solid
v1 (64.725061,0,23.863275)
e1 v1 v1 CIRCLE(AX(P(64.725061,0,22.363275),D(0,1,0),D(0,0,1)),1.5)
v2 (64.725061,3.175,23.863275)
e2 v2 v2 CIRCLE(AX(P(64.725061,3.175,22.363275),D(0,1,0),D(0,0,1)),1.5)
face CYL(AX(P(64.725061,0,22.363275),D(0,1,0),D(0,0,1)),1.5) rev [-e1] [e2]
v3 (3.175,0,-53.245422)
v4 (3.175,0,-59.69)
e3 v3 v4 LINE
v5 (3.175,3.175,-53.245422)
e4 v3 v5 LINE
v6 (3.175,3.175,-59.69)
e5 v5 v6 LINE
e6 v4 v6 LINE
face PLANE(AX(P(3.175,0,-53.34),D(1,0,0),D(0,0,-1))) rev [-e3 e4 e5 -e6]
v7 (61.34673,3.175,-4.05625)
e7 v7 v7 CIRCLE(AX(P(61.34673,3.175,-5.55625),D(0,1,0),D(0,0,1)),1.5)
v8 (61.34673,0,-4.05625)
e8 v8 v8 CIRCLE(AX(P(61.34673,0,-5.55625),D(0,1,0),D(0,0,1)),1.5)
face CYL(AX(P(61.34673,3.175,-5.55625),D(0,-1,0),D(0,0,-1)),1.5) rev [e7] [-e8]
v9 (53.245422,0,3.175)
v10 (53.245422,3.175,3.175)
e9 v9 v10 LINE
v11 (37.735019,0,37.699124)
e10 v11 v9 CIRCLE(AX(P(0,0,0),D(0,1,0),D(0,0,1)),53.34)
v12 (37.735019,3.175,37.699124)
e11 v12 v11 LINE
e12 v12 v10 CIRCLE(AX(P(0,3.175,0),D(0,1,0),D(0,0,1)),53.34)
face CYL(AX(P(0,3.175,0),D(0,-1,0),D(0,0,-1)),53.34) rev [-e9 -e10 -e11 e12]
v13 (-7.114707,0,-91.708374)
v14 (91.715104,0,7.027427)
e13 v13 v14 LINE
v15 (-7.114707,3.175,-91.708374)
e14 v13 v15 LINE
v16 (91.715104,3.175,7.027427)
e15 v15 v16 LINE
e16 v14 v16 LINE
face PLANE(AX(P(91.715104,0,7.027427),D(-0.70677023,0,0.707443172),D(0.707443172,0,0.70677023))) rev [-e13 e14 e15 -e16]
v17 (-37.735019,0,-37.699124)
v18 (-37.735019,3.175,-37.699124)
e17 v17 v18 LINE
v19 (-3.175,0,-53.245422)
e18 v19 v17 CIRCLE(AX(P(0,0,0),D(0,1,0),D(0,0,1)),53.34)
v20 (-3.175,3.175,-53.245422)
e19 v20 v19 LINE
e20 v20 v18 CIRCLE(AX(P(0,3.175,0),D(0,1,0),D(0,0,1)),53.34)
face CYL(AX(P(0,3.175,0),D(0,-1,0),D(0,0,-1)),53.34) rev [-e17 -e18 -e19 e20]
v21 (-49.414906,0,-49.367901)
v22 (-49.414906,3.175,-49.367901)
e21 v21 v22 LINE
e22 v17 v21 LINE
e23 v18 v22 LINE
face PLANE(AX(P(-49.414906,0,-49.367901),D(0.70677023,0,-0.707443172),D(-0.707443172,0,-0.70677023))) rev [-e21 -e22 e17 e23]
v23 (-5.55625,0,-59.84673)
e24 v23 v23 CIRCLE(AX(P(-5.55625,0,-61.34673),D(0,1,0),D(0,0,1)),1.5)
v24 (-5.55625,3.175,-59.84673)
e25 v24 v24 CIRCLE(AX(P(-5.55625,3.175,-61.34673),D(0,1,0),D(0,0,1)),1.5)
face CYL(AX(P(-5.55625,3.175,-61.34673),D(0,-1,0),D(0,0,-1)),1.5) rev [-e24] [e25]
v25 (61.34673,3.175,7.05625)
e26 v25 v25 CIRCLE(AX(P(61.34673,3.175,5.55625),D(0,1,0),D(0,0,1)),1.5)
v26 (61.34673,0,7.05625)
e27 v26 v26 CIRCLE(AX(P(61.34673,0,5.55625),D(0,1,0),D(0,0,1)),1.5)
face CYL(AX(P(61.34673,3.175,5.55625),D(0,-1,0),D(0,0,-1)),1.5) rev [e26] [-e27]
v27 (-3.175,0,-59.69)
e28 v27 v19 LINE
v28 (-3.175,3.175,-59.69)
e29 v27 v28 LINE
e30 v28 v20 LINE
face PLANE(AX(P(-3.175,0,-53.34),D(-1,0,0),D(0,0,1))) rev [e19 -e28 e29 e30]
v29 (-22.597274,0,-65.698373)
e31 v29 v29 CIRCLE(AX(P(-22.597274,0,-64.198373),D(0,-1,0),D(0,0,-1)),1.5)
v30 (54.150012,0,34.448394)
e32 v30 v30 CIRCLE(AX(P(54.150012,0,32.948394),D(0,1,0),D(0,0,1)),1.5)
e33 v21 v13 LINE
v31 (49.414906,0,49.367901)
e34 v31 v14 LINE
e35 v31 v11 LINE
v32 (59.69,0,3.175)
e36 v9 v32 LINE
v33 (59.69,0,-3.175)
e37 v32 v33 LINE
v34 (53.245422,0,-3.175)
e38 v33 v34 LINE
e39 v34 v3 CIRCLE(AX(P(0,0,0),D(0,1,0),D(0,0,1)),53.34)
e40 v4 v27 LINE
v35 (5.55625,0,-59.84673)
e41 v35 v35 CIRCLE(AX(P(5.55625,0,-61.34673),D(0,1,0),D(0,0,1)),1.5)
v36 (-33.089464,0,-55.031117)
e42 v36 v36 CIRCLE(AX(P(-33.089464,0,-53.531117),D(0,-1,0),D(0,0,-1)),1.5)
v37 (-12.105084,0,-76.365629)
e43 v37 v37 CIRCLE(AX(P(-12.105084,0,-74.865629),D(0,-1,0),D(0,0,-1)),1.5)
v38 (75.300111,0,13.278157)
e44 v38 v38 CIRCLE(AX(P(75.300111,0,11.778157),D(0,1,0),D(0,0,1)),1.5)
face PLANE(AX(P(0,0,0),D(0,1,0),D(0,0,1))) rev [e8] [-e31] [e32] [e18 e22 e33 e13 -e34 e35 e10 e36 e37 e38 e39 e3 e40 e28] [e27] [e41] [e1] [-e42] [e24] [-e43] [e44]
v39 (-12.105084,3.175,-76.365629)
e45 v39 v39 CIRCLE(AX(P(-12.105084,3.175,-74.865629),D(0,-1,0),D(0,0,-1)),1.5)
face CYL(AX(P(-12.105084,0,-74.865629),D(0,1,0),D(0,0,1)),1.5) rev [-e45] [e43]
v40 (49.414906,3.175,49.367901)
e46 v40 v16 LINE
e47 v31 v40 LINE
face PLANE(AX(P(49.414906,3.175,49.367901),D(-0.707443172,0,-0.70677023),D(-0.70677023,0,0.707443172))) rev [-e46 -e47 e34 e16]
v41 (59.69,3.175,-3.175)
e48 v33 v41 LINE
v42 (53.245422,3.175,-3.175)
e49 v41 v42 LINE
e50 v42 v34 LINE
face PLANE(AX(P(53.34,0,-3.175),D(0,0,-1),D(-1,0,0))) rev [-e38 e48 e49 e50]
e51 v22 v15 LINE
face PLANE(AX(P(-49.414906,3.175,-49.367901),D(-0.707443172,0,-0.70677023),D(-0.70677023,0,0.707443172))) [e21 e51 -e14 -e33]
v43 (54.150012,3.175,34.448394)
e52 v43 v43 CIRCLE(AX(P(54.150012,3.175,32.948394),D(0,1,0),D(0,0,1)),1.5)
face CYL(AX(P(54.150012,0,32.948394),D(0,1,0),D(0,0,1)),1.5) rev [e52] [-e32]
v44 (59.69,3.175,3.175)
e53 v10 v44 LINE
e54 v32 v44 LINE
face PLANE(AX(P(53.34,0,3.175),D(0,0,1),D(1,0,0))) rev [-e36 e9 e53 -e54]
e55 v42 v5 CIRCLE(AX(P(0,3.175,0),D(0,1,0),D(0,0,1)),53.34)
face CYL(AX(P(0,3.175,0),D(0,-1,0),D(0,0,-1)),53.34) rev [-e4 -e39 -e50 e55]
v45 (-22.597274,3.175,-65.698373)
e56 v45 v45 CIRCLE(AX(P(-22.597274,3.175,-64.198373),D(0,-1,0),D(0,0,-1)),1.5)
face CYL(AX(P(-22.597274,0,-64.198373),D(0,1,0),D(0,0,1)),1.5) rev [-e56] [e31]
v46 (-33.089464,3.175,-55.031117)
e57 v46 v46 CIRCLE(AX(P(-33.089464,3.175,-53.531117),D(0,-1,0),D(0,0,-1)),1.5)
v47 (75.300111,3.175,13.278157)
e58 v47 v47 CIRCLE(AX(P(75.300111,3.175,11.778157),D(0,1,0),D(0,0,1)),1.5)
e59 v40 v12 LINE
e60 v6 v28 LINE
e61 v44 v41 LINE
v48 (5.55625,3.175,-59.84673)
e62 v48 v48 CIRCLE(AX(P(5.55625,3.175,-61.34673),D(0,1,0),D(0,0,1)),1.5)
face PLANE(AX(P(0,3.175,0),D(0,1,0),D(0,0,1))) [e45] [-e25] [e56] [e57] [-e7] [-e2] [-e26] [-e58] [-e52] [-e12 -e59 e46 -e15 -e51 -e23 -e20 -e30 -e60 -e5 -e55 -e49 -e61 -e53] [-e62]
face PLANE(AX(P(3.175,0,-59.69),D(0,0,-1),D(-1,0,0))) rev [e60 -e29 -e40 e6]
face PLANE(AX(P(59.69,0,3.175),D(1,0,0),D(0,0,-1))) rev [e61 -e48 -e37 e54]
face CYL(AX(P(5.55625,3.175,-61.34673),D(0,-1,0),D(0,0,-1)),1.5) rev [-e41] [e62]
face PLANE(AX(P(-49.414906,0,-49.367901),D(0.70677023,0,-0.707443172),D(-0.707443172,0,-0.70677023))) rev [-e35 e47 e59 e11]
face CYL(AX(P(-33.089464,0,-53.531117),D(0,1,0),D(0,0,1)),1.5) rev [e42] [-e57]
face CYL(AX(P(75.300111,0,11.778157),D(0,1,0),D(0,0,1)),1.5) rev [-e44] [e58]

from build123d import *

# Parameters (mm, degrees)
SKETCH1_R           = 1.5
SKETCH1_R_2         = 53.34
BOSS_EXTRUDE1_DEPTH = 3.175
CUT_EXTRUDE3_DEPTH  = 140.736059076
CUT_EXTRUDE4_DEPTH  = 140.736059076
CUT_EXTRUDE5_DEPTH  = 140.736059076
SKETCH6_R           = 1.5
CUT_EXTRUDE6_DEPTH  = 130.738840902


with BuildPart() as part:
    # Sketch1 → Boss-Extrude1 (new body)
    with BuildSketch(Plane(origin=(0, 0, 0), x_dir=(1, 0, 0), z_dir=(0, 1, 0))):
        Polygon((0.047005036, -98.782806148), (-98.782806148, -0.047005036), (-0.047005036, 98.782806148), (98.782806148, 0.047005036), align=None)
        with Locations(Location((-61.346730494, 5.55625, 0), (0, 0, 270))):
            Circle(SKETCH1_R, mode=Mode.SUBTRACT)
        with Locations(Location((-61.346730494, -5.55625, 0), (0, 0, 270))):
            Circle(SKETCH1_R, mode=Mode.SUBTRACT)
        with Locations(Location((-5.55625, -61.346730494, 0), (0, 0, 270))):
            Circle(SKETCH1_R, mode=Mode.SUBTRACT)
        with Locations(Location((5.55625, -61.346730494, 0), (0, 0, 270))):
            Circle(SKETCH1_R, mode=Mode.SUBTRACT)
        with Locations(Location((61.346730494, -5.55625, 0), (0, 0, 270))):
            Circle(SKETCH1_R, mode=Mode.SUBTRACT)
        with Locations(Location((61.346730494, 5.55625, 0), (0, 0, 270))):
            Circle(SKETCH1_R, mode=Mode.SUBTRACT)
        with Locations(Location((5.55625, 61.346730494, 0), (0, 0, 270))):
            Circle(SKETCH1_R, mode=Mode.SUBTRACT)
        with Locations(Location((-5.55625, 61.346730494, 0), (0, 0, 270))):
            Circle(SKETCH1_R, mode=Mode.SUBTRACT)
        with Locations(Location((0, 0, 0), (0, 0, 270))):
            Circle(SKETCH1_R_2, mode=Mode.SUBTRACT)
    extrude(amount=BOSS_EXTRUDE1_DEPTH)

    # Sketch2 → Cut-Extrude3 (cut, through all)
    with BuildSketch(Plane(origin=(0, 3.175, 0), x_dir=(1, 0, 0), z_dir=(0, 1, 0))):
        Polygon((3.175, 53.34), (3.175, 59.69), (-3.175, 59.69), (-3.175, 53.34), (-3.175, 52.244537665), (3.175, 52.244537665), align=None)
        Polygon((53.34, -3.175), (59.69, -3.175), (59.69, 3.175), (53.34, 3.175), (52.244537665, 3.175), (52.244537665, -3.175), align=None)
        Polygon((-3.175, -53.34), (-3.175, -59.69), (3.175, -59.69), (3.175, -53.34), (3.175, -52.244537665), (-3.175, -52.244537665), align=None)
        Polygon((-53.34, 3.175), (-59.69, 3.175), (-59.69, -3.175), (-53.34, -3.175), (-52.244537665, -3.175), (-52.244537665, 3.175), align=None)
    extrude(amount=-CUT_EXTRUDE3_DEPTH, mode=Mode.SUBTRACT)

    # Sketch3 → Cut-Extrude4 (cut, through all)
    with BuildSketch(Plane(origin=(0, 3.175, 0), x_dir=(1, 0, 0), z_dir=(0, 1, 0))):
        Polygon((-49.414905592, 49.367900556), (49.414905592, -49.367900556), (0.047005036, -98.782806148), (-98.782806148, -0.047005036), align=None)
    extrude(amount=-CUT_EXTRUDE4_DEPTH, mode=Mode.SUBTRACT)

    # Sketch5 → Cut-Extrude5 (cut, through all)
    with BuildSketch(Plane(origin=(0, 3.175, 0), x_dir=(1, 0, 0), z_dir=(0, 1, 0))):
        Polygon((98.782806148, 0.047005036), (91.71510385, -7.027426688), (-7.114707335, 91.708374424), (-0.047005036, 98.782806148), align=None)
    extrude(amount=-CUT_EXTRUDE5_DEPTH, mode=Mode.SUBTRACT)

    # Sketch6 → Cut-Extrude6 (cut, through all)
    with BuildSketch(Plane(origin=(0, 3.175, 0), x_dir=(1, 0, 0), z_dir=(0, 1, 0))):
        with Locations(Location((64.725061333, -22.363275374, 0), (0, 0, 270))):
            Circle(SKETCH6_R)
        with Locations(Location((75.300110897, -11.778156907, 0), (0, 0, 270))):
            Circle(SKETCH6_R)
        with Locations(Location((-12.105083926, 74.865628777, 0), (0, 0, 90))):
            Circle(SKETCH6_R)
        with Locations(Location((-22.597274037, 64.198372666, 0), (0, 0, 90))):
            Circle(SKETCH6_R)
        with Locations(Location((54.150011768, -32.948393841, 0), (0, 0, 270))):
            Circle(SKETCH6_R)
        with Locations(Location((-33.089464147, 53.531116555, 0), (0, 0, 90))):
            Circle(SKETCH6_R)
    extrude(amount=-CUT_EXTRUDE6_DEPTH, mode=Mode.SUBTRACT)


solid = part.part
